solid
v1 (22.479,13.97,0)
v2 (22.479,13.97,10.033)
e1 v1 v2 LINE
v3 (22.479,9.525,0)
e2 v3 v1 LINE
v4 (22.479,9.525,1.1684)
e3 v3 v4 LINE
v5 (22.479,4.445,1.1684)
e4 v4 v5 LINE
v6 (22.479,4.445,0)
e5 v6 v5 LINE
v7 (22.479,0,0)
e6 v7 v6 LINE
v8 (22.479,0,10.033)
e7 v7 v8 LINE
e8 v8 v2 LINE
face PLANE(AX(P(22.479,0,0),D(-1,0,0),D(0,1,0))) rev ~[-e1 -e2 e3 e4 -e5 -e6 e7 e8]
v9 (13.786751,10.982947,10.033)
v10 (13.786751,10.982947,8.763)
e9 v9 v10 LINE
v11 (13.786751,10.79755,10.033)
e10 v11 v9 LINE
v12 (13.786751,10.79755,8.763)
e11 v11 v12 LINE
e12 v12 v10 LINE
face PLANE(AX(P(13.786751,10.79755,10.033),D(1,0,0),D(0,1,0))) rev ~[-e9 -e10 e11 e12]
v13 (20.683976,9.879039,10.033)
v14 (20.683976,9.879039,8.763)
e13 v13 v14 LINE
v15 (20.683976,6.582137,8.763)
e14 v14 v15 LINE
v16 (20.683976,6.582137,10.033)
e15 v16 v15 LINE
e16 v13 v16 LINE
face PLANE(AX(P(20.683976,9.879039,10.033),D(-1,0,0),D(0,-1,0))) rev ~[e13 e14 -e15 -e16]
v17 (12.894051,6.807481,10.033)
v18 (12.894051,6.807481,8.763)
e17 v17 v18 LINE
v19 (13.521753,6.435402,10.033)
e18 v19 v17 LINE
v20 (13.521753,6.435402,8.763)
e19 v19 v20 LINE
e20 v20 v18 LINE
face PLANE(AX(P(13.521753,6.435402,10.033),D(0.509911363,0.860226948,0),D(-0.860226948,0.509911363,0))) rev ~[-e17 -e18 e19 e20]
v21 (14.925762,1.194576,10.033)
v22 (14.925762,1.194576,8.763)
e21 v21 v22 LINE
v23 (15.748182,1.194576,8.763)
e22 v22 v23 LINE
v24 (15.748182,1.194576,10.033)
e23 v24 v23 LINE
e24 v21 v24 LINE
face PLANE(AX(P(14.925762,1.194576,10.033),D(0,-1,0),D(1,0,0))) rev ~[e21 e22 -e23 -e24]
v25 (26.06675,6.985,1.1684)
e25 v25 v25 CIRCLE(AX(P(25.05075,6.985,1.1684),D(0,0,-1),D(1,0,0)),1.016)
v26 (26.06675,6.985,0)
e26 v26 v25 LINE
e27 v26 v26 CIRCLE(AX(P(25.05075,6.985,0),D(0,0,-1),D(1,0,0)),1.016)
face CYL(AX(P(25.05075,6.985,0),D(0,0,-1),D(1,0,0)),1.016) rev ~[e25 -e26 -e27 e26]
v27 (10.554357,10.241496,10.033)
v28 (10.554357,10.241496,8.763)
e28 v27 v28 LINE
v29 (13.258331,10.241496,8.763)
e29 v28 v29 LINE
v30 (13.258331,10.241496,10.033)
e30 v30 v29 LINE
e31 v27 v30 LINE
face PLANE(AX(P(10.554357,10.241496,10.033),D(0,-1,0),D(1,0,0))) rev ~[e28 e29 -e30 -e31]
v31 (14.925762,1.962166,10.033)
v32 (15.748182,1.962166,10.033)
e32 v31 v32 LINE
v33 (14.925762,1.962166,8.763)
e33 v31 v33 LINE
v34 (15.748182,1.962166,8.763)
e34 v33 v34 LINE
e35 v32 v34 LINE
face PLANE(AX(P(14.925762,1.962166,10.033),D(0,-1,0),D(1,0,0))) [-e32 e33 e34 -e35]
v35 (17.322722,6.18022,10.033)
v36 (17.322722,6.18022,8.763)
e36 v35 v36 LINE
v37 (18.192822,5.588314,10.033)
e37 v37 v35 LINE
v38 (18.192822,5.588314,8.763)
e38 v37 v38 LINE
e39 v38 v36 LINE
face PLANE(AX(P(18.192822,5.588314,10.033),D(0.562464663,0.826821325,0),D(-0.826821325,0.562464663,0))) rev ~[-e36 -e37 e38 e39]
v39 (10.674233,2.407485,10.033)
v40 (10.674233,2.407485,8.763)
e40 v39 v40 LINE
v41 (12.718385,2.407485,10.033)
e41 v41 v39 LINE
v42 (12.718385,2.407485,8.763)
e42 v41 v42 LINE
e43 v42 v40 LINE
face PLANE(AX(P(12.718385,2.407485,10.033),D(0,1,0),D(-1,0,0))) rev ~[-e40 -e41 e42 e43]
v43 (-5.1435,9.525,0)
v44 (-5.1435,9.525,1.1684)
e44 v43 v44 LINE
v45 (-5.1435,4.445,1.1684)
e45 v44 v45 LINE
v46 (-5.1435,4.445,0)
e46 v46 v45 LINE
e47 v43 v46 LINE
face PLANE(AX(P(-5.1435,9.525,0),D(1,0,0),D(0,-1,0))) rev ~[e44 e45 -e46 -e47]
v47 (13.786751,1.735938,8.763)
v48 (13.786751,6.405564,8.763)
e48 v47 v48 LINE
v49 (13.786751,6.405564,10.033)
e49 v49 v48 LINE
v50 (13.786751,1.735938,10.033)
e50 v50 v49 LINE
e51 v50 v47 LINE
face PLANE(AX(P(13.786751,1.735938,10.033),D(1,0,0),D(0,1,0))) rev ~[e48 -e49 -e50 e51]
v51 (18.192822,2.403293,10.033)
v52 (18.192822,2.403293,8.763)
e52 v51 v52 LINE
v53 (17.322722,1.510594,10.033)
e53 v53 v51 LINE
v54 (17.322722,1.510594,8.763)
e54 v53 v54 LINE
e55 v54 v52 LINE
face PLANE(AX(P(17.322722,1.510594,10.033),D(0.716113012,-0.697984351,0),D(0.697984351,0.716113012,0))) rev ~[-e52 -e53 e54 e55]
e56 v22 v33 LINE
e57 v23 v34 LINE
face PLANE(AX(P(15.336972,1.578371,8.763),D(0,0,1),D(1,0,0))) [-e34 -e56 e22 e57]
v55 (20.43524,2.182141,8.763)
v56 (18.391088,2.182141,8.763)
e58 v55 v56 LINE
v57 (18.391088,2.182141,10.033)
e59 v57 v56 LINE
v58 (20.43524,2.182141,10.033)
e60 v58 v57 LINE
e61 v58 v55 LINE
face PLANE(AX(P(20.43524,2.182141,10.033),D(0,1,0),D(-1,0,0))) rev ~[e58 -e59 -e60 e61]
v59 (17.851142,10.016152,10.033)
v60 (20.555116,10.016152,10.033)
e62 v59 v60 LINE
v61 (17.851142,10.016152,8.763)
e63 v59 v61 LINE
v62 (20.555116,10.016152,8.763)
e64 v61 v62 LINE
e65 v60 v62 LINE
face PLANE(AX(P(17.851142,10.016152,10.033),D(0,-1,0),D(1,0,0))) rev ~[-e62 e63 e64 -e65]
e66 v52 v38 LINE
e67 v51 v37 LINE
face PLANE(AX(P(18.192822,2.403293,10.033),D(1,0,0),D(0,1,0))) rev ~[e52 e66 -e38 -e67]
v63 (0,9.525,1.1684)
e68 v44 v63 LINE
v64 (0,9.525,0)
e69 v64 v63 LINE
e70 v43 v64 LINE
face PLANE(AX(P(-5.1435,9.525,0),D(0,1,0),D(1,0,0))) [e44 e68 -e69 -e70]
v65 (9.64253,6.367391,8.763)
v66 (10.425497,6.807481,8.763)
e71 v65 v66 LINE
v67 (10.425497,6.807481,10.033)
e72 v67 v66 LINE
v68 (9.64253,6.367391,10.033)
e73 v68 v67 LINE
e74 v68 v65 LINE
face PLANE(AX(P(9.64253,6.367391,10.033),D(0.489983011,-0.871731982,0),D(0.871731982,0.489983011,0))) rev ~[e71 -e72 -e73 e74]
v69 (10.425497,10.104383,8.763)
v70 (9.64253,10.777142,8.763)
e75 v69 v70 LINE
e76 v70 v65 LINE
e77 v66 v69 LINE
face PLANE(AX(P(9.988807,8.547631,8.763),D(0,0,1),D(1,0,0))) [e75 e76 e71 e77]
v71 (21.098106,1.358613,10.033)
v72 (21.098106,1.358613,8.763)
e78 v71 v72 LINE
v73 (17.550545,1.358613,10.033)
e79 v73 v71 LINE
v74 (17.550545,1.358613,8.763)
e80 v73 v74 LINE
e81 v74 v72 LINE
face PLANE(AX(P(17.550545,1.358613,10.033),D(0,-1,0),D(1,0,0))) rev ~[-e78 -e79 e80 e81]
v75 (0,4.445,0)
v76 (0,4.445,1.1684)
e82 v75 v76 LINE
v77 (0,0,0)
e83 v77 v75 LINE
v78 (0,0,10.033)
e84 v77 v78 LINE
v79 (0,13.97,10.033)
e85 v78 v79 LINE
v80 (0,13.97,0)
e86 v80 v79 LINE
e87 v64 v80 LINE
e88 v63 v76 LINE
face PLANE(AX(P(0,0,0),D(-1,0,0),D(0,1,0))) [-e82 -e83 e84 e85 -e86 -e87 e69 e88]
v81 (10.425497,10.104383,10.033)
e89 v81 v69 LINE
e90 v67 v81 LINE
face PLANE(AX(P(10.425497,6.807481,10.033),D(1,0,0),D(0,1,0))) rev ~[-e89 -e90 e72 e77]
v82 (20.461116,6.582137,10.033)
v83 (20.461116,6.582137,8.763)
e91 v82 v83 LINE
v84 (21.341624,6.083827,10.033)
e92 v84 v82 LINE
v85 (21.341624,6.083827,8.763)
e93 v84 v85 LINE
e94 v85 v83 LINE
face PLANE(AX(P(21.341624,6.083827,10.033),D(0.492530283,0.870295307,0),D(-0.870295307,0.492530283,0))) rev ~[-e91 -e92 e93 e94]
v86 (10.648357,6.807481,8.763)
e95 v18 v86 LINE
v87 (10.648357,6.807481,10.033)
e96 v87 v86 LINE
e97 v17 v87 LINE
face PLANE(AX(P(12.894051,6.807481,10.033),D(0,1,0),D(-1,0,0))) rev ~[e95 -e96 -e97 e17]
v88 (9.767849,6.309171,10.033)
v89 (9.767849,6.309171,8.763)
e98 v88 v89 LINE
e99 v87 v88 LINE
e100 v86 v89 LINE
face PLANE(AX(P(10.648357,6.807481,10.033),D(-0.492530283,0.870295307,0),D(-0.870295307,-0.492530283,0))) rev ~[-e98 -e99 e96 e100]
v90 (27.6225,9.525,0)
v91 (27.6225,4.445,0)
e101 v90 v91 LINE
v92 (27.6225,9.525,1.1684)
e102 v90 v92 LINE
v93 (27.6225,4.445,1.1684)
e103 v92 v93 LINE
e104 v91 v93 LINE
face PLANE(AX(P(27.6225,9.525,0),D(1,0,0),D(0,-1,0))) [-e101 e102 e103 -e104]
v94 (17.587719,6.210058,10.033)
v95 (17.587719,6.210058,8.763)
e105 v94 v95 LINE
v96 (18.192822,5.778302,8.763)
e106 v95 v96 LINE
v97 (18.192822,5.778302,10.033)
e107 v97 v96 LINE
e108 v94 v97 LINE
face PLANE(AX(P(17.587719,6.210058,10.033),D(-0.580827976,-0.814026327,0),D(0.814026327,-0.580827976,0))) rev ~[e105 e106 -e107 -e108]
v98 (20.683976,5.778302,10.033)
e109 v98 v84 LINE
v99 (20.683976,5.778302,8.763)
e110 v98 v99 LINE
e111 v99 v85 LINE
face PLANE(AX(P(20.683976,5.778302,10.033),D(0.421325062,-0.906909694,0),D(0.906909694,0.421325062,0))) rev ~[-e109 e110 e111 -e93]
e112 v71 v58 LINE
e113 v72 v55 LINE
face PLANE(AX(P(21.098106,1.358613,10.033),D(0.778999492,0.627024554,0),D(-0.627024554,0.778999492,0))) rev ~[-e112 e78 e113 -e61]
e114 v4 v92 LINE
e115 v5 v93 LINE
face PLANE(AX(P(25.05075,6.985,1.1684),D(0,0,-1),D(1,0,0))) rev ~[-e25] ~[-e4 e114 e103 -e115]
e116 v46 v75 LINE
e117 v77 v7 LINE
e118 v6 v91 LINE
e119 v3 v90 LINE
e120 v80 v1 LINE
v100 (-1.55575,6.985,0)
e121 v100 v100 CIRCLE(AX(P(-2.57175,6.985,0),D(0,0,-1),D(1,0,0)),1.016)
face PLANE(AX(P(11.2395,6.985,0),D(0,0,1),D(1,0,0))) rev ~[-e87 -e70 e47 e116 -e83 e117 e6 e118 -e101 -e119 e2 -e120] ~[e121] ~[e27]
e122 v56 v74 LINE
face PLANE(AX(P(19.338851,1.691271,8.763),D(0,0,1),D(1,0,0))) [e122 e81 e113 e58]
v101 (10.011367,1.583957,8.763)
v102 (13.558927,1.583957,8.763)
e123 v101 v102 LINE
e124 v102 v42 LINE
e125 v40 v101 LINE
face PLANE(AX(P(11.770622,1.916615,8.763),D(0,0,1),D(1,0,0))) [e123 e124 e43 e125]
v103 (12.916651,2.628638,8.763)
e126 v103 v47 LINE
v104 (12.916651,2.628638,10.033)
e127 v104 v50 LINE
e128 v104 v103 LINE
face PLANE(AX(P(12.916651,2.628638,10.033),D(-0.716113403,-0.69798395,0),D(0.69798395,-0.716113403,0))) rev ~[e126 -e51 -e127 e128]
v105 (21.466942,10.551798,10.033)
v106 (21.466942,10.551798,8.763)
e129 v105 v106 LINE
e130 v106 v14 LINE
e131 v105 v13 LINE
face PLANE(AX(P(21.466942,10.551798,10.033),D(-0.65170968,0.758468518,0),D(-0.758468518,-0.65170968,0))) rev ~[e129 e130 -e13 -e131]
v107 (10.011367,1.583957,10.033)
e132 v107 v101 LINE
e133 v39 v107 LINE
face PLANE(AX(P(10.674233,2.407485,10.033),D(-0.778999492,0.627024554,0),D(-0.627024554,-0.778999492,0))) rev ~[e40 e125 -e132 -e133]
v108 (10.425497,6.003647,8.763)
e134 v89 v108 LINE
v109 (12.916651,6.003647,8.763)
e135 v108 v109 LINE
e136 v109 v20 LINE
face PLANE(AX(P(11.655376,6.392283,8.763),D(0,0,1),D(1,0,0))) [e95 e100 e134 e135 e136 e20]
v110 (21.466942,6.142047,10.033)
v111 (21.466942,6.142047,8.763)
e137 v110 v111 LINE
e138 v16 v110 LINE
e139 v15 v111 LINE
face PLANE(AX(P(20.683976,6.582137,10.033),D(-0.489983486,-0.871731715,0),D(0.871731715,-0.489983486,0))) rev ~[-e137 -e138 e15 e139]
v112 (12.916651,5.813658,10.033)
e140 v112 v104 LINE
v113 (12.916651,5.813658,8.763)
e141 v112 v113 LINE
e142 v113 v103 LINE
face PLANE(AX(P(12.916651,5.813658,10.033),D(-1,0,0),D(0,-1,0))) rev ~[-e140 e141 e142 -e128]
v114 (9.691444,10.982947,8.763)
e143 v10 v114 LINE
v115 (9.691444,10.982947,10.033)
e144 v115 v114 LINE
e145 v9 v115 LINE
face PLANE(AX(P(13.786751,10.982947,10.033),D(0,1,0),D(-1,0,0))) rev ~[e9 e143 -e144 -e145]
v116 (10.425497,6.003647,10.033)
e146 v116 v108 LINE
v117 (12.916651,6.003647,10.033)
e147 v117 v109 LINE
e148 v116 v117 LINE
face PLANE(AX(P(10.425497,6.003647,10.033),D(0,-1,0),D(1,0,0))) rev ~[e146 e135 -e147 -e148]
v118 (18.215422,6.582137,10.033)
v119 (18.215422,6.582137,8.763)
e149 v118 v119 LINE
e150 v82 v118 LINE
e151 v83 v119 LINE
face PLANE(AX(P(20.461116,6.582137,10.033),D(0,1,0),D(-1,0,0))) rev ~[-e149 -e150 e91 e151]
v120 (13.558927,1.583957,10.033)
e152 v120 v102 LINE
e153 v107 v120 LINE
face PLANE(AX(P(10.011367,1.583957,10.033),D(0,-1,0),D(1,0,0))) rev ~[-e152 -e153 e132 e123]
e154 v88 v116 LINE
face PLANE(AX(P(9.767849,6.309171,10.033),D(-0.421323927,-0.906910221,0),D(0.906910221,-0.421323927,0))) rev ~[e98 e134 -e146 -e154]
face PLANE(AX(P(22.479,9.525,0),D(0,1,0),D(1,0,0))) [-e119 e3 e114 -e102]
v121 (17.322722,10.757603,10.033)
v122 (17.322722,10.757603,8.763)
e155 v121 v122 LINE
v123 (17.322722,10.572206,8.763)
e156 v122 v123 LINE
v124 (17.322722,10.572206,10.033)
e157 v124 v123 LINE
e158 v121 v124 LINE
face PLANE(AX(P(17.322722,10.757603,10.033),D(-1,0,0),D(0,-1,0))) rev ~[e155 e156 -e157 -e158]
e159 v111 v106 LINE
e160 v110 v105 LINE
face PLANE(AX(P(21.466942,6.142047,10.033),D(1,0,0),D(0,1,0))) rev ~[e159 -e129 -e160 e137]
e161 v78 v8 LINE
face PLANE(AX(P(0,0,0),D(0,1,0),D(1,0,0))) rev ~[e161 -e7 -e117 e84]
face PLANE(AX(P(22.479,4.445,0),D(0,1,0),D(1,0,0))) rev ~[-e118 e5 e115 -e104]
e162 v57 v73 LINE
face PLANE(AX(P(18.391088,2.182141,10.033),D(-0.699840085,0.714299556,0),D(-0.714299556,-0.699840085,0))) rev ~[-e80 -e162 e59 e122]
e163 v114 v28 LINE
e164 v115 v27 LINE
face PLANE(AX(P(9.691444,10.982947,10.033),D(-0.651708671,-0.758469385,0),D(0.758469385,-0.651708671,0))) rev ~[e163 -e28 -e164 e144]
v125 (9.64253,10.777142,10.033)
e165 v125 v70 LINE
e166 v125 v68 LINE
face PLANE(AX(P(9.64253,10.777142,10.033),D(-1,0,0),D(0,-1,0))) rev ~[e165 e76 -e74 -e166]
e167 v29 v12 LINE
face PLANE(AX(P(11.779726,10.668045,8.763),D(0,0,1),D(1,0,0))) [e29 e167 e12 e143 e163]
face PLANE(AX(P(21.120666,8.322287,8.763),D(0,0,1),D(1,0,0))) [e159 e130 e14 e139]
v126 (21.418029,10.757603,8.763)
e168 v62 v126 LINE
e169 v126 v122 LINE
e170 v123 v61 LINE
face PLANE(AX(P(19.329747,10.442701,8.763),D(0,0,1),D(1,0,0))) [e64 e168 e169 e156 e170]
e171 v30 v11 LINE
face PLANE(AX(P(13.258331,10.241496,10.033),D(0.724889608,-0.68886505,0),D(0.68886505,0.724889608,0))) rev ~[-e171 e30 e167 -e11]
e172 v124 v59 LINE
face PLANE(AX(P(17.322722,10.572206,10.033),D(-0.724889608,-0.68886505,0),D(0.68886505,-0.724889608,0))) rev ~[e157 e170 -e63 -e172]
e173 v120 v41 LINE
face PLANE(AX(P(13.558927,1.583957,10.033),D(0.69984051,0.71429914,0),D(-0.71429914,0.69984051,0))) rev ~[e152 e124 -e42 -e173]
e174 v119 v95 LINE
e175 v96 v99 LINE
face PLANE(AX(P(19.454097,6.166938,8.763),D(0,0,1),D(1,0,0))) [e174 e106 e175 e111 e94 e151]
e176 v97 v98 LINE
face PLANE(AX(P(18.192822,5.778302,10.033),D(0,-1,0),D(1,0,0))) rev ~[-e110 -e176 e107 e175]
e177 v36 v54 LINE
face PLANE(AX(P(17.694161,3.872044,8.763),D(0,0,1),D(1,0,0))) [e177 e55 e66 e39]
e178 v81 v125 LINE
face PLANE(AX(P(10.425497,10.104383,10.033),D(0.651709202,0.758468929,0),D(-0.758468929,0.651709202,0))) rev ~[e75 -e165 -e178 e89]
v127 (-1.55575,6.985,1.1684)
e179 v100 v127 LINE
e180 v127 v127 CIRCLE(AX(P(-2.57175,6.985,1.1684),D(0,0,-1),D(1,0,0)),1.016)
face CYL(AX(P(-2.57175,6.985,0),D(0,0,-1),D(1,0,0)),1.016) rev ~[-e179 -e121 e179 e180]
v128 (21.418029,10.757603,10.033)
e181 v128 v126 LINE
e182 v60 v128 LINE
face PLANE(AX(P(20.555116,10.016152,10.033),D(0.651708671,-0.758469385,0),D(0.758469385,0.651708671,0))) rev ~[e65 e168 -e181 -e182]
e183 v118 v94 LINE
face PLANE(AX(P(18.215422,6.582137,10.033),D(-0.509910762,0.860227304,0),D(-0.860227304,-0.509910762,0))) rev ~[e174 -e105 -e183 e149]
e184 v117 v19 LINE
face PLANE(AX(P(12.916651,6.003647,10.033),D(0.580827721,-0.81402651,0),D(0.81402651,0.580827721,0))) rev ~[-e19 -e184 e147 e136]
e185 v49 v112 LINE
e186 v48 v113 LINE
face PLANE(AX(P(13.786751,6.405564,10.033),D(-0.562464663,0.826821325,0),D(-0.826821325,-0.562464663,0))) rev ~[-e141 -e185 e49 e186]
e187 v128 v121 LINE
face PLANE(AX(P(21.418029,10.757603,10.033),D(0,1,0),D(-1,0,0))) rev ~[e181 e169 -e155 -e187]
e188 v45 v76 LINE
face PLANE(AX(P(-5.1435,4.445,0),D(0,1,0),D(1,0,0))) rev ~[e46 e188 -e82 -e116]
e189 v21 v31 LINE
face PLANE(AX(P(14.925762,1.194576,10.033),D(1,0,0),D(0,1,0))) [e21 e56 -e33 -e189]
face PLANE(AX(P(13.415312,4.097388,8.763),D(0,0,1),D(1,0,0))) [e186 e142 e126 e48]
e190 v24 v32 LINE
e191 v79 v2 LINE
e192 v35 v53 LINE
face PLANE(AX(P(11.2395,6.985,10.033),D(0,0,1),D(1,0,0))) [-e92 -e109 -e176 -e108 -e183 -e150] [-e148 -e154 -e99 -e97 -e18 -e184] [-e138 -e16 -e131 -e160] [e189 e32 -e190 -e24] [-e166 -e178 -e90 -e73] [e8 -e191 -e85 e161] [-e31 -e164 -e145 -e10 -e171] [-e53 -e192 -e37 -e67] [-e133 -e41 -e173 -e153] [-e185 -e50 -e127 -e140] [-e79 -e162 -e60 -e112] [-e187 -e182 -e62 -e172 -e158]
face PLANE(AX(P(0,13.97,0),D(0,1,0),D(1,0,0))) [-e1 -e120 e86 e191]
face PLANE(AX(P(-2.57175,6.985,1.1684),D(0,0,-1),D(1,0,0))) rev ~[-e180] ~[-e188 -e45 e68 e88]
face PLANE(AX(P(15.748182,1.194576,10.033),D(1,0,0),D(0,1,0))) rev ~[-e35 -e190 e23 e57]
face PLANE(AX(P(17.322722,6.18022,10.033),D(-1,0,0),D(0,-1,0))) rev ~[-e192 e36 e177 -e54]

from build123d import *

# Parameters (mm, degrees)
F0_W     = 22.479
F0_H     = 13.97
F1_DEPTH = 10.033
F2_W     = 5.1435
F2_H     = 5.08
F2_R     = 1.016
F3_DEPTH = 1.1684
F4_W     = 0.82242
F4_H     = 0.767591
F5_DEPTH = 1.27


with BuildPart() as f1:
    # F0 (on Top) → F1 (new body)
    with BuildSketch(Plane.XY):
        with Locations((11.2395, 6.985)):
            Rectangle(F0_W, F0_H)
    extrude(amount=F1_DEPTH)

    # F2 (on face) → F3 (join)
    with BuildSketch(Plane(origin=(0, 0, 0), x_dir=(1, 0, 0), z_dir=(0, 0, -1))):
        with Locations((-2.57175, -6.985)):
            Rectangle(F2_W, F2_H)
        with Locations((-2.57175, -6.985)):
            Circle(F2_R, mode=Mode.SUBTRACT)
        with Locations((25.05075, -6.985)):
            Rectangle(F2_W, F2_H)
        with Locations((25.05075, -6.985)):
            Circle(F2_R, mode=Mode.SUBTRACT)
    extrude(amount=-F3_DEPTH)

    # F4 (on face) → F5 (cut)
    with BuildSketch(Plane.XY.offset(10.033)):
        Polygon((13.786751, 10.79755), (13.786751, 10.982947), (9.691444, 10.982947), (10.554357, 10.241496), (13.258331, 10.241496), align=None)
        Polygon((10.425497, 10.104383), (9.64253, 10.777142), (9.64253, 6.367391), (10.425497, 6.807481), align=None)
        Polygon((9.767849, 6.309171), (10.425497, 6.003647), (12.916651, 6.003647), (13.521753, 6.435402), (12.894051, 6.807481), (10.648357, 6.807481), align=None)
        Polygon((13.786751, 1.735938), (13.786751, 6.003647), (13.786751, 6.405564), (12.916651, 5.813658), (12.916651, 2.628638), align=None)
        Polygon((10.011367, 1.583957), (13.558927, 1.583957), (12.718385, 2.407485), (10.674233, 2.407485), align=None)
        with Locations((15.336972, 1.578371)):
            Rectangle(F4_W, F4_H)
        Polygon((20.461116, 6.582137), (18.215422, 6.582137), (17.587719, 6.210058), (18.192822, 5.778302), (20.683976, 5.778302), (21.341624, 6.083827), align=None)
        Polygon((17.322722, 10.572206), (17.851142, 10.016152), (20.555116, 10.016152), (21.418029, 10.757603), (17.322722, 10.757603), align=None)
        Polygon((20.683976, 9.879039), (20.683976, 6.582137), (21.466942, 6.142047), (21.466942, 10.551798), align=None)
        Polygon((17.322722, 1.510594), (18.192822, 2.403293), (18.192822, 5.588314), (17.322722, 6.18022), align=None)
        Polygon((21.098106, 1.358613), (20.43524, 2.182141), (18.391088, 2.182141), (17.550545, 1.358613), align=None)
    extrude(amount=-F5_DEPTH, mode=Mode.SUBTRACT)


solid = f1.part
